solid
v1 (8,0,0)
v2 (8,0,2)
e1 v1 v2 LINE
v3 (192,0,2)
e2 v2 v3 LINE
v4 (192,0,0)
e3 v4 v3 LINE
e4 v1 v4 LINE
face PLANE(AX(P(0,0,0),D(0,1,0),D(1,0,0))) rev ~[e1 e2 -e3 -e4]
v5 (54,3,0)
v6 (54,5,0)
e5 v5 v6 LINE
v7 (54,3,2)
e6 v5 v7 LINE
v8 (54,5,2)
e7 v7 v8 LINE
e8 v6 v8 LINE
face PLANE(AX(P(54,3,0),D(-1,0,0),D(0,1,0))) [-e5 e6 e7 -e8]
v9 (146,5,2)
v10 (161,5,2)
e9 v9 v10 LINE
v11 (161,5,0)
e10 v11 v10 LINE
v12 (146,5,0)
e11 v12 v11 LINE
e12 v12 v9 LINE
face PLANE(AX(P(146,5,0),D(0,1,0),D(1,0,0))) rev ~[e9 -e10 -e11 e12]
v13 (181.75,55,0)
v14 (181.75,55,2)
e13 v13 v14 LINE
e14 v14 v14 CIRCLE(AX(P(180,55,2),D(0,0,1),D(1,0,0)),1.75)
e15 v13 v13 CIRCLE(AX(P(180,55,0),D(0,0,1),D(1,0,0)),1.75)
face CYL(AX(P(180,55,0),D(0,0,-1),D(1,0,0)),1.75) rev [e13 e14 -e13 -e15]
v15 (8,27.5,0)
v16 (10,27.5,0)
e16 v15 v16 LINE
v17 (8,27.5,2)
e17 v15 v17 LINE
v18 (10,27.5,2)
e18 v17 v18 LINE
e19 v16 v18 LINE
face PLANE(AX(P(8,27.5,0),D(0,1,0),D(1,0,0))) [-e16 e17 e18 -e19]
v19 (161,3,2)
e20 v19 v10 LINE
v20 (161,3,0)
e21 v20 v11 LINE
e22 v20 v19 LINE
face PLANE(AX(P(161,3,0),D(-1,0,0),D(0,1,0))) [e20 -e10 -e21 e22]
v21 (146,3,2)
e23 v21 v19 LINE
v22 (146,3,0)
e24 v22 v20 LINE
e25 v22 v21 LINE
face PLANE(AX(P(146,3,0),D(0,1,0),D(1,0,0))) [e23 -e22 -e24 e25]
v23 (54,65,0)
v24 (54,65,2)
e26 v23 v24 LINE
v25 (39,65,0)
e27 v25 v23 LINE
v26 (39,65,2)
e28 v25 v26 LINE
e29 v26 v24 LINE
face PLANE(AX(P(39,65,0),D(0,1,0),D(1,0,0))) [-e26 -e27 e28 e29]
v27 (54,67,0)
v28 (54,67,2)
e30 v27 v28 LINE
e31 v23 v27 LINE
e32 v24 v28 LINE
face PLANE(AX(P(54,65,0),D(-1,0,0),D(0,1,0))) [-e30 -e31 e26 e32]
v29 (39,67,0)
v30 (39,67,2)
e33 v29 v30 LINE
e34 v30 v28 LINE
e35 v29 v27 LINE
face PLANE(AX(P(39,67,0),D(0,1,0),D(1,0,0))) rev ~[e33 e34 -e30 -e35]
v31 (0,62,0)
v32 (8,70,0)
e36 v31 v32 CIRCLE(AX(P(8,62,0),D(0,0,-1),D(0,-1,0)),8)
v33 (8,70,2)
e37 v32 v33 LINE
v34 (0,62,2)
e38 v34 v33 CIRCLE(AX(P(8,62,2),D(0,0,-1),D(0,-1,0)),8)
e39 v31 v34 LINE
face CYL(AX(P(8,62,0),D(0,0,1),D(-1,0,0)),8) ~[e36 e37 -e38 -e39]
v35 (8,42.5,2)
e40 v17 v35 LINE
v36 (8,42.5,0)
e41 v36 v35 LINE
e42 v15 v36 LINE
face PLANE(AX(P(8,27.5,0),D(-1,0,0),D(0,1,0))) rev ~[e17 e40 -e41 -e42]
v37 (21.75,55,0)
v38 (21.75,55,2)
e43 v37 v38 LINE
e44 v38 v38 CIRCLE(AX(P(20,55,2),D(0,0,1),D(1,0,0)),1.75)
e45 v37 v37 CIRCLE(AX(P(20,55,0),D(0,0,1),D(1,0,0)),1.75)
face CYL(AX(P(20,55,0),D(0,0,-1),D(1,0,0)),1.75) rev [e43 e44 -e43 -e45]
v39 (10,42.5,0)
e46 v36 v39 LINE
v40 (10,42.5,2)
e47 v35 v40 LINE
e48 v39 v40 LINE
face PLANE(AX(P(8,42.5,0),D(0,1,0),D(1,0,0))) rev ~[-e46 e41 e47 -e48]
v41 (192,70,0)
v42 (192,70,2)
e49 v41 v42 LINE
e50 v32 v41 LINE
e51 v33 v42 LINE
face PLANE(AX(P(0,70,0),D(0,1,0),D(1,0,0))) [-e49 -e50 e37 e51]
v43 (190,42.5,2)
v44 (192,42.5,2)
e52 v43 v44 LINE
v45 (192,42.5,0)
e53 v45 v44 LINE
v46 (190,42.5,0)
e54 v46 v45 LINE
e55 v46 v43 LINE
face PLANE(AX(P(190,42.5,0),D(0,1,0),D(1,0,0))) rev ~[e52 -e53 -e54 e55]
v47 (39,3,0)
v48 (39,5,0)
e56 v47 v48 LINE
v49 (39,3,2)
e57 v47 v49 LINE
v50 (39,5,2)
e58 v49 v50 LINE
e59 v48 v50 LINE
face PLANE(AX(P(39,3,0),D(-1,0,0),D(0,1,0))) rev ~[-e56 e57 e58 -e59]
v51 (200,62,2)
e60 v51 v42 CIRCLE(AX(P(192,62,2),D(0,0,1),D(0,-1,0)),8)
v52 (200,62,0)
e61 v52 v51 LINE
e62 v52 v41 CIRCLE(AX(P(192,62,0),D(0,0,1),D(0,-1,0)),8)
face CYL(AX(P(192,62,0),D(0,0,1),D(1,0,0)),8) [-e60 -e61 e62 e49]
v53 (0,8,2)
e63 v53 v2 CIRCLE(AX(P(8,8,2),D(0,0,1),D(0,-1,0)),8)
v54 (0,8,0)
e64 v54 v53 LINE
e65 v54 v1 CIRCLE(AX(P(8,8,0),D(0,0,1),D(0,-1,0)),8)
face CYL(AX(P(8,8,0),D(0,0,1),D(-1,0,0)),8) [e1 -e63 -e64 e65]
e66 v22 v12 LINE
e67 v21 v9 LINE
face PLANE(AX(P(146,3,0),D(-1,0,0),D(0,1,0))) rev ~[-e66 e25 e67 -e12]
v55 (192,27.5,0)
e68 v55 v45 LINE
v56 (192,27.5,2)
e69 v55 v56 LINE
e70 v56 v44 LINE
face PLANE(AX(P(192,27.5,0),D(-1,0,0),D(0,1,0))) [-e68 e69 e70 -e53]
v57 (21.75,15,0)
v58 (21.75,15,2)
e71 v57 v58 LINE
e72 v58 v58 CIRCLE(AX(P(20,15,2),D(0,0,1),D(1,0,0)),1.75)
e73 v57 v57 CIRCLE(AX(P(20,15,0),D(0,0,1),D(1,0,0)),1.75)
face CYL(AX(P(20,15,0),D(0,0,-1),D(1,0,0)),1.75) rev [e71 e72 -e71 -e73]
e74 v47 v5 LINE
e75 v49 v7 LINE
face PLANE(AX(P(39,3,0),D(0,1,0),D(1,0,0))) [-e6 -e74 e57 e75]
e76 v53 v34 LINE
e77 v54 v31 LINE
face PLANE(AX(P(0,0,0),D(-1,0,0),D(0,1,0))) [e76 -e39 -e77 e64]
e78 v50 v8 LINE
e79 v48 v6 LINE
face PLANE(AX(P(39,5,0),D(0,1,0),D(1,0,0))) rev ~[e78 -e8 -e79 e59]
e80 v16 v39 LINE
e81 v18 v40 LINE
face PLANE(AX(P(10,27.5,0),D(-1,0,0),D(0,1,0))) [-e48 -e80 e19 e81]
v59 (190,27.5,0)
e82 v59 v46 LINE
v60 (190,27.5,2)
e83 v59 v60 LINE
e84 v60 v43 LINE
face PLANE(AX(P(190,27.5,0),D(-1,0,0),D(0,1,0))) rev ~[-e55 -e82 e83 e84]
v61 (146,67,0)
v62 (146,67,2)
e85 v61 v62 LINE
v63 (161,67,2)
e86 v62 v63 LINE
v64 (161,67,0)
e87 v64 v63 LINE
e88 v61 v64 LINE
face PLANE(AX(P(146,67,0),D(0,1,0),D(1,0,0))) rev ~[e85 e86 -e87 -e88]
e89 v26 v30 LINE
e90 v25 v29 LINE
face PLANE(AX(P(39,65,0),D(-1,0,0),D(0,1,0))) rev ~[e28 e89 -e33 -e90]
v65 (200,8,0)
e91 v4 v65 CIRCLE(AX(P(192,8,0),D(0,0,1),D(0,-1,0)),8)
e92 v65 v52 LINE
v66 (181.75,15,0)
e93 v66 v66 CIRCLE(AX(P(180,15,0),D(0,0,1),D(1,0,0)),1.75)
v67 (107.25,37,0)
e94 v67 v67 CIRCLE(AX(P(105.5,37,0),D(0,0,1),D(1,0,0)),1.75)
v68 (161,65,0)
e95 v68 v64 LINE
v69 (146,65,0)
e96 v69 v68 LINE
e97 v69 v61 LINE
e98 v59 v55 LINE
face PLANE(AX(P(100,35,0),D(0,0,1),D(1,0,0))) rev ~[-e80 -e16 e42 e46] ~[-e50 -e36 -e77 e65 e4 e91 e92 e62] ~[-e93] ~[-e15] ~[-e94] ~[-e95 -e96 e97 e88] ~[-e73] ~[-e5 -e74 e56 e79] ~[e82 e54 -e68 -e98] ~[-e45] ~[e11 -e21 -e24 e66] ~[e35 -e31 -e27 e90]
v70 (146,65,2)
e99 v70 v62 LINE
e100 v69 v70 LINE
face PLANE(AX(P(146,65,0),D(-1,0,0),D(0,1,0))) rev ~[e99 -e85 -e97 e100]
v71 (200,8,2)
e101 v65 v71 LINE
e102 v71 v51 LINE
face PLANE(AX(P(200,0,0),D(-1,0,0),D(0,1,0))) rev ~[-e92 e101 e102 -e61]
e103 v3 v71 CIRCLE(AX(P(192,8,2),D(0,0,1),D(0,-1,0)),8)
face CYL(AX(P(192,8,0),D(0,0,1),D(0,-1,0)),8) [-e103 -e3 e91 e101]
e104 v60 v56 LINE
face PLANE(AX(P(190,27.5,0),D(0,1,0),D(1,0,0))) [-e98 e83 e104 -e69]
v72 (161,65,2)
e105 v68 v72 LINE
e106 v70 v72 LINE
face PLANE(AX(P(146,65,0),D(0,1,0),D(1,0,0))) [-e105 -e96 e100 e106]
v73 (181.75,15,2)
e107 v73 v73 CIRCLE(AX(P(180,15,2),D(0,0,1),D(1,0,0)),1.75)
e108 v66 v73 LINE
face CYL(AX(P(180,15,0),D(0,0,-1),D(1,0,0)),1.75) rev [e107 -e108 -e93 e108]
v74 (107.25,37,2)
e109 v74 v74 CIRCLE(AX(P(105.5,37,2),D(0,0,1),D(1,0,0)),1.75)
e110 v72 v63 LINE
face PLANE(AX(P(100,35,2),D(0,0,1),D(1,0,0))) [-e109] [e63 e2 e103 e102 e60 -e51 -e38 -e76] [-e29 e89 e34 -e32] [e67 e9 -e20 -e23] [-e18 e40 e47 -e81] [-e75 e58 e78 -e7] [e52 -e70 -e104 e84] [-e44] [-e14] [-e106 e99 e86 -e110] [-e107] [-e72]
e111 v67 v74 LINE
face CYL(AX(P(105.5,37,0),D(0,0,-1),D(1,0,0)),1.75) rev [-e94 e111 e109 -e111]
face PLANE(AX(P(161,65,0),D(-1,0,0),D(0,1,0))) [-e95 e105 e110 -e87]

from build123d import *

# Parameters (mm, degrees)
SKETCH001_W  = 200
SKETCH001_H  = 70
PAD_DEPTH    = 2
FILLET_R     = 8
SKETCH_R     = 1.75
SKETCH_W     = 15
SKETCH_H     = 2
SKETCH_W_2   = 2
SKETCH_H_2   = 15
POCKET_DEPTH = 2


with BuildPart() as part:
    # Sketch001 → Pad (new body)
    with BuildSketch(Plane.XY):
        with Locations((100, 35)):
            Rectangle(SKETCH001_W, SKETCH001_H)
    extrude(amount=PAD_DEPTH)

    # Fillet
    fillet_edges = [part.edges().sort_by_distance(p)[0] for p in [
        (0, 70, 1),
        (200, 70, 1),
        (0, 0, 1),
        (200, 0, 1),
    ]]
    fillet(fillet_edges, radius=FILLET_R)

    # Sketch → Pocket (cut)
    with BuildSketch(Plane.XY):
        with Locations((20, 55)):
            Circle(SKETCH_R)
        with Locations((20, 15)):
            Circle(SKETCH_R)
        with Locations((180, 55)):
            Circle(SKETCH_R)
        with Locations((180, 15)):
            Circle(SKETCH_R)
        with Locations((105.5, 37)):
            Circle(SKETCH_R)
        with Locations((46.5, 66)):
            Rectangle(SKETCH_W, SKETCH_H)
        with Locations((46.5, 4)):
            Rectangle(SKETCH_W, SKETCH_H)
        with Locations((153.5, 66)):
            Rectangle(SKETCH_W, SKETCH_H)
        with Locations((153.5, 4)):
            Rectangle(SKETCH_W, SKETCH_H)
        with Locations((9, 35)):
            Rectangle(SKETCH_W_2, SKETCH_H_2)
        with Locations((191, 35)):
            Rectangle(SKETCH_W_2, SKETCH_H_2)
    extrude(amount=POCKET_DEPTH, mode=Mode.SUBTRACT)


solid = part.part
